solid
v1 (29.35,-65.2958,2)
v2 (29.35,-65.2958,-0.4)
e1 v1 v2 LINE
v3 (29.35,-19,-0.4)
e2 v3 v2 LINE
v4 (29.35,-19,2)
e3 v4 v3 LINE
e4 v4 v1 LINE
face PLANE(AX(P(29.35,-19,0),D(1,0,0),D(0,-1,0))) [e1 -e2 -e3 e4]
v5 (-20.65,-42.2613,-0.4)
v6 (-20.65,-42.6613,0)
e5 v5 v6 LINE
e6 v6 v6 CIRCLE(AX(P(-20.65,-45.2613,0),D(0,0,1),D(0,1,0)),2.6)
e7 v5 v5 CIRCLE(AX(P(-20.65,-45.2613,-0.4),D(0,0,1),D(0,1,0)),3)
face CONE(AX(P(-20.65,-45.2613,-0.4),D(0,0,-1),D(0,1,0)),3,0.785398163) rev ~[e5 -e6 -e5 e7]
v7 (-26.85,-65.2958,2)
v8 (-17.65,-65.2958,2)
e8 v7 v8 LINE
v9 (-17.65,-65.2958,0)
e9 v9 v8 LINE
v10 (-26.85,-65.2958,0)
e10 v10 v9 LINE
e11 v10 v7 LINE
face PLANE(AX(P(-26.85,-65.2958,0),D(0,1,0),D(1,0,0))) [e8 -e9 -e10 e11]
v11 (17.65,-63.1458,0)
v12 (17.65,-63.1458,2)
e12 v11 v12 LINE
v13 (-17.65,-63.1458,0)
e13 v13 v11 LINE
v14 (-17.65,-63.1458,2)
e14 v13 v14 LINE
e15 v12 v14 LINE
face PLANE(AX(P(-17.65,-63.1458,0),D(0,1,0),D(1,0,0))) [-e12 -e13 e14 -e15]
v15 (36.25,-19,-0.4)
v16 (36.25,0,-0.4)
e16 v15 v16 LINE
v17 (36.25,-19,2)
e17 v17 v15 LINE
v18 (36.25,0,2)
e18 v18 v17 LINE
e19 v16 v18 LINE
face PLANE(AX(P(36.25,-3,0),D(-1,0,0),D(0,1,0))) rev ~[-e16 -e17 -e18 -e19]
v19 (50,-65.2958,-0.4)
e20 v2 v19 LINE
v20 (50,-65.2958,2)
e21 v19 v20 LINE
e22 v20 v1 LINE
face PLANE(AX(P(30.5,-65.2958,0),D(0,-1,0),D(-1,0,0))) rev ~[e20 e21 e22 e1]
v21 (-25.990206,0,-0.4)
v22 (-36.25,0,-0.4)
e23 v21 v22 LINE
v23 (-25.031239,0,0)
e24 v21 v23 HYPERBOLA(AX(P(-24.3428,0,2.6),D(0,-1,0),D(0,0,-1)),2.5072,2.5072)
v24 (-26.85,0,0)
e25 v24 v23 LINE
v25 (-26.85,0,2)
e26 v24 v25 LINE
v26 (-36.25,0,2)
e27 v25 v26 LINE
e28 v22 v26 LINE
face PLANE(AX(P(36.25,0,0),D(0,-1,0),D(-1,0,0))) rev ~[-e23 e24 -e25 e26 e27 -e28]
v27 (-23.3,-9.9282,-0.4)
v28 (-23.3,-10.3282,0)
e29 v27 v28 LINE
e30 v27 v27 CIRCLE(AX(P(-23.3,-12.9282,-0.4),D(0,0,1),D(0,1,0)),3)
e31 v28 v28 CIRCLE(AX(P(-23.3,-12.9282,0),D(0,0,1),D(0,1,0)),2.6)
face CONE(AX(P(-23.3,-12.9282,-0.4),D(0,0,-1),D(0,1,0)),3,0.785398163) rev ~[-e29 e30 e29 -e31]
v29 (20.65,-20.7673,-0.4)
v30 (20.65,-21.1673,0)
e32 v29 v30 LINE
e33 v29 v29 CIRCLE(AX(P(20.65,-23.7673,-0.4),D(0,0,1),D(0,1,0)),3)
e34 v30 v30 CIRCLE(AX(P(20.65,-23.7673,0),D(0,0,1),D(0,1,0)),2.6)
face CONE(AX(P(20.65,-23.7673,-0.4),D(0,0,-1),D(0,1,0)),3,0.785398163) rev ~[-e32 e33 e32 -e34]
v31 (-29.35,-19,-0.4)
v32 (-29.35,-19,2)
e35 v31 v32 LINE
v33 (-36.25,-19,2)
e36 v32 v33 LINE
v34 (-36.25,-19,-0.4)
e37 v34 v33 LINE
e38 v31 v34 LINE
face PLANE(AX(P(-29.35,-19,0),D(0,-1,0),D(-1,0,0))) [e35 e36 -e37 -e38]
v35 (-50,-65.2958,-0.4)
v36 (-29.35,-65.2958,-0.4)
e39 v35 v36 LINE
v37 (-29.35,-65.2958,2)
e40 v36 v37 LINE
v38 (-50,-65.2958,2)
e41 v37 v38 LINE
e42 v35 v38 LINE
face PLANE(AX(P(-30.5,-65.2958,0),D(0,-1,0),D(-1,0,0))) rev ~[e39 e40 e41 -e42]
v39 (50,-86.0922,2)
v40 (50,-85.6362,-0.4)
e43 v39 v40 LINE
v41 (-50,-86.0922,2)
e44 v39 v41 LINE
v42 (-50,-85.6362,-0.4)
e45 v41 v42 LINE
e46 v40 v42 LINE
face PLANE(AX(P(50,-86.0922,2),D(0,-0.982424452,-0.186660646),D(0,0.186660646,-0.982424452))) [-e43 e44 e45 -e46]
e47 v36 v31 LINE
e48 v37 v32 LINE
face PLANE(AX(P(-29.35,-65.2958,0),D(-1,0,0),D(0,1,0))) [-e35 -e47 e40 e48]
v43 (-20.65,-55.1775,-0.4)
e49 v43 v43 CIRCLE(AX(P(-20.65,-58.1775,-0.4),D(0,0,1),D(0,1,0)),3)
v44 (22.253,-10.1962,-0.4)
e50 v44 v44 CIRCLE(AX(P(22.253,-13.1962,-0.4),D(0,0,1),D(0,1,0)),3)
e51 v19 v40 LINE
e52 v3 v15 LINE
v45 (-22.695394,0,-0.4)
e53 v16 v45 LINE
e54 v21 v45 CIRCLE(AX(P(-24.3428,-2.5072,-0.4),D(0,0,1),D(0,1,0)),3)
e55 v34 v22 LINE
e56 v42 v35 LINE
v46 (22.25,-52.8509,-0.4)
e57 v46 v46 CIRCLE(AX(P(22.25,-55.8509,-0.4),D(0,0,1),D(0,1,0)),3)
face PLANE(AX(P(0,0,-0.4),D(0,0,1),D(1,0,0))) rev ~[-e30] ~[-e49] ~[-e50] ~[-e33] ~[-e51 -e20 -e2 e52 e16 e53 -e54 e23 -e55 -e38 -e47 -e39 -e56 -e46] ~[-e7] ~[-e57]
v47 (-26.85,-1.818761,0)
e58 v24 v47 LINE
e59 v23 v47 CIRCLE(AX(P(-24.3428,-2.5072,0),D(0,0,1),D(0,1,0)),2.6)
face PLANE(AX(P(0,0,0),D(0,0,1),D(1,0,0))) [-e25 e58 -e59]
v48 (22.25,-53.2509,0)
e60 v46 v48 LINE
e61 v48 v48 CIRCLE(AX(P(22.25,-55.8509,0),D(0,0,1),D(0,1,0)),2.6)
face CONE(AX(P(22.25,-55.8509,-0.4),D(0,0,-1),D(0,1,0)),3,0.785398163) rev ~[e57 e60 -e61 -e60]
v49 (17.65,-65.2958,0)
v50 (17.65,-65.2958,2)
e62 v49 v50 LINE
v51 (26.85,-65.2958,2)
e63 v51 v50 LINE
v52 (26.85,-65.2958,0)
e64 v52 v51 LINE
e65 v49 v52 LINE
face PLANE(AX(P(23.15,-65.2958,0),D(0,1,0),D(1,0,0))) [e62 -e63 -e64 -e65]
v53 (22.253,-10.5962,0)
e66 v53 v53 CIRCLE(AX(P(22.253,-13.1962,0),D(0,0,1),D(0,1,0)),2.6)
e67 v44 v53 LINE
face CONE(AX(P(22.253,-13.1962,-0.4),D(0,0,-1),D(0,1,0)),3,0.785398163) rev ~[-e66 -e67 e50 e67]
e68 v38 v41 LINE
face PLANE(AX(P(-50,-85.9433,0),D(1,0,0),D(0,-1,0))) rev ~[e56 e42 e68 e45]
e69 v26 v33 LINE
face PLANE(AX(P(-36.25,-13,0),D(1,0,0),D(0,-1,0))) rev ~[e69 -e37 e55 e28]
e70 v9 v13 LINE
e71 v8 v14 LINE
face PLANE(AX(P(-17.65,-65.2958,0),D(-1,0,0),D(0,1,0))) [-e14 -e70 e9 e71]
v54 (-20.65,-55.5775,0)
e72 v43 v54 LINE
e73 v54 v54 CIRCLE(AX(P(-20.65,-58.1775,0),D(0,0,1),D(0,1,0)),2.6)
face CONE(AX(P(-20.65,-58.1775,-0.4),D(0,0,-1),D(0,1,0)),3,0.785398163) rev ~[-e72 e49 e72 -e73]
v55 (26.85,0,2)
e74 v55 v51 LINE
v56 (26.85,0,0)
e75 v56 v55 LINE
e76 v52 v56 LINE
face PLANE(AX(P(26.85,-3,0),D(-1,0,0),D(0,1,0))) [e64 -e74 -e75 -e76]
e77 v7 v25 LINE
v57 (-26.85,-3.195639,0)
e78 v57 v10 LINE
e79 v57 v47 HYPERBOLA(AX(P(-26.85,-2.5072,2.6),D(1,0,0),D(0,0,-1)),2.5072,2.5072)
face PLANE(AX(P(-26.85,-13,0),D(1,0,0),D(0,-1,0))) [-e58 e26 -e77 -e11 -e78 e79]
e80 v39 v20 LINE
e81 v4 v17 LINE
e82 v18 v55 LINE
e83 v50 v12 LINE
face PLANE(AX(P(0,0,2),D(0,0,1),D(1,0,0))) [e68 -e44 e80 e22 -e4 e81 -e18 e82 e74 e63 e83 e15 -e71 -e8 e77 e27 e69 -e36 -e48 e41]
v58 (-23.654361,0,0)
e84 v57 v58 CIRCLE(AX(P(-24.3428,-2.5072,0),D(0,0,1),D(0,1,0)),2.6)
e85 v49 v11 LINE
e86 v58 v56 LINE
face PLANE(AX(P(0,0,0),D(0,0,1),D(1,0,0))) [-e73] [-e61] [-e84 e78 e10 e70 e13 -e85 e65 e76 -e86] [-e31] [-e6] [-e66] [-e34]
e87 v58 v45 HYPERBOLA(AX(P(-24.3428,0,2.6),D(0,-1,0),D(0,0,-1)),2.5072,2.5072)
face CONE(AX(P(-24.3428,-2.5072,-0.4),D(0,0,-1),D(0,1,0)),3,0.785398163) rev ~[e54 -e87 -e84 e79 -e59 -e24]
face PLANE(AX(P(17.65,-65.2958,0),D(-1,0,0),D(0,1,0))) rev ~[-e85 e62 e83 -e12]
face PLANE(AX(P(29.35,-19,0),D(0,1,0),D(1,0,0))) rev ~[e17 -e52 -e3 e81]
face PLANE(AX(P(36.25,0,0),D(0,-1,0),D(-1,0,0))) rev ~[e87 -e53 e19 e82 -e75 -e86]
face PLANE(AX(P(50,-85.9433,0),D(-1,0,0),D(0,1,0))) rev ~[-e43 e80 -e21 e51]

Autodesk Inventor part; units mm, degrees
ref_plane "YZ Plane" through (0, 0, 0) normal (1, 0, 0) x (0, 1, 0)
ref_plane "XZ Plane" through (0, 0, 0) normal (0, 1, 0) x (-1, 0, 0)
ref_plane "XY Plane" through (0, 0, 0) normal (0, 0, 1) x (1, 0, 0)
sketch "Sketch1" plane through (0, 0, 0) normal (0, 0, 1) x (1, 0, 0)
  line L0 (-14.25, -14.5) -> (13.65, -14.5)
  line L1 (-13.65, -55.2958) -> (14.25, -55.2958)
  line L2 (50, 0) -> (-50, 0)
  line L3 (-50, 0) -> (-50, -90)
  line L4 (-50, -90) -> (50, -90)
  line L5 (50, -90) -> (50, 0)
  line L6 (50, -86.2958) -> (-50, -86.2958)
  line L7 (14.65, -6.65) -> (-15.25, -6.65)
  line L8 (-15.25, -6.65) -> (-15.25, -22.35)
  line L9 (-15.25, -22.35) -> (14.65, -22.35)
  line L10 (14.65, -22.35) -> (14.65, -6.65)
  line L11 (15.25, -47.4458) -> (-14.65, -47.4458)
  line L12 (-14.65, -47.4458) -> (-14.65, -63.1458)
  line L13 (-14.65, -63.1458) -> (15.25, -63.1458)
  line L14 (15.25, -63.1458) -> (15.25, -47.4458)
  line L15 (30.5, -65.2958) -> (29.35, -65.2958)
  line L16 (-30.5, -65.2958) -> (-29.35, -65.2958)
  circle A0 centre (20.65, -24.0677) radius 2.25 projected
  circle A1 centre (22.6692, -56.1259) radius 2.25 projected
  circle A2 centre (22.25, -13.4966) radius 2.25 projected
  line L17 (19.75, -61.0677) -> (19.75, -50.9236) projected
  line L18 (19.75, -50.9236) -> (23.15, -50.9236) projected
  line L19 (23.15, -50.9236) -> (23.15, -46.7261) projected
  line L20 (19.75, -46.7261) -> (23.15, -46.7261) projected
  line L21 (19.75, -46.7261) -> (19.75, -44.8549) projected
  line L22 (19.75, -44.8549) -> (17.65, -44.8549) projected
  line L23 (17.65, 0) -> (17.65, -44.8549) projected
  line L24 (17.65, 0) -> (26.85, 0) projected
  line L25 (26.85, -65.2958) -> (26.85, 0) projected
  line L26 (23.15, -65.2958) -> (26.85, -65.2958) projected
  line L27 (23.15, -65.2958) -> (23.15, -61.0677) projected
  line L28 (19.75, -61.0677) -> (23.15, -61.0677) projected
  circle A3 centre (-24.3428, -2.5072) radius 2.25 projected
  circle A4 centre (-20.65, -57.8419) radius 2.25 projected
  circle A5 centre (-20.65, -44.9257) radius 2.25 projected
  circle A6 centre (-23.3, -12.9282) radius 2.25 projected
  line L29 (-26.85, 0) -> (-17.65, 0) projected
  line L30 (-17.65, -4.0591) -> (-17.65, 0) projected
  line L31 (-19.75, -4.0591) -> (-17.65, -4.0591) projected
  line L32 (-19.75, -4.7124) -> (-19.75, -4.0591) projected
  line L33 (-19.75, -4.7124) -> (-23.15, -4.7124) projected
  line L34 (-23.15, -4.7124) -> (-23.15, -8.7282) projected
  line L35 (-19.75, -8.7282) -> (-23.15, -8.7282) projected
  line L36 (-19.75, -18.8723) -> (-19.75, -8.7282) projected
  line L37 (-19.75, -18.8723) -> (-23.15, -18.8723) projected
  line L38 (-23.15, -18.8723) -> (-23.15, -23.0697) projected
  line L39 (-19.75, -23.0697) -> (-23.15, -23.0697) projected
  line L40 (-19.75, -24.9409) -> (-19.75, -23.0697) projected
  line L41 (-19.75, -24.9409) -> (-17.65, -24.9409) projected
  line L42 (-17.65, -65.2958) -> (-17.65, -24.9409) projected
  line L43 (-26.85, -65.2958) -> (-17.65, -65.2958) projected
  line L44 (-26.85, 0) -> (-26.85, -65.2958) projected
  line L45 (-17.65, -4.0591) -> (-17.65, -24.9409)
  line L46 (23.15, -65.2958) -> (17.65, -65.2958)
  line L47 (17.65, -65.2958) -> (17.65, -44.8549)
  line L48 (17.65, -6.65) -> (-17.65, -6.65)
  line L49 (-17.65, -63.1458) -> (17.65, -63.1458)
  line L50 (-26.85, -65.2958) -> (-26.85, -13) projected
  line L51 (-26.85, -65.2958) -> (-29.35, -65.2958) projected
  line L52 (-29.35, -65.2958) -> (-29.35, -19) projected
  line L53 (-29.35, -19) -> (-36.25, -19) projected
  line L54 (-36.25, -13) -> (-36.25, -19) projected
  line L55 (-26.85, -13) -> (-36.25, -13) projected
  line L56 (26.85, -13) -> (26.85, -65.2958) projected
  line L57 (26.85, -13) -> (36.25, -13) projected
  line L58 (36.25, -19) -> (36.25, -13) projected
  line L59 (29.35, -19) -> (36.25, -19) projected
  line L60 (29.35, -19) -> (29.35, -65.2958) projected
  line L61 (29.35, -65.2958) -> (26.85, -65.2958) projected
  line L62 (-26.85, -3) -> (-26.85, 0) projected
  line L63 (-26.85, -3) -> (-36.25, -3) projected
  line L64 (-36.25, 0) -> (-36.25, -3) projected
  line L65 (-26.85, 0) -> (-36.25, 0) projected
  line L66 (26.85, 0) -> (26.85, -3) projected
  line L67 (26.85, 0) -> (36.25, 0) projected
  line L68 (36.25, -3) -> (36.25, 0) projected
  line L69 (26.85, -3) -> (36.25, -3) projected
  arc A7 (26.85, -66.2958) -> (29.85, -69.2958) centre (29.85, -66.2958) ccw projected
  line L70 (26.85, -65.2958) -> (26.85, -66.2958) projected
  line L71 (26.85, -65.2958) -> (50, -65.2958) projected
  line L72 (50, -65.2958) -> (50, -85.9433) projected
  line L73 (34.5, -85.9433) -> (50, -85.9433) projected
  line L74 (34.5, -78.442) -> (34.5, -85.9433) projected
  line L75 (34.5, -78.442) -> (45.421, -78.442) projected
  arc A8 (45.421, -78.442) -> (46.8031, -78.442) centre (46.112, -80.4779) ccw projected
  line L76 (46.8031, -78.442) -> (49, -78.442) projected
  line L77 (49, -78.442) -> (49, -69.922) projected
  line L78 (49, -69.922) -> (46.525, -69.922) projected
  line L79 (46.525, -69.922) -> (32.6782, -69.3038) projected
  arc A9 (32.6782, -69.3038) -> (32.5, -69.2958) centre (32.5, -71.2958) ccw projected
  line L80 (32.5, -69.2958) -> (29.85, -69.2958) projected
  arc A10 (-29.85, -69.2958) -> (-26.85, -66.2958) centre (-29.85, -66.2958) ccw projected
  line L81 (-32.5, -69.2958) -> (-29.85, -69.2958) projected
  arc A11 (-32.5, -69.2958) -> (-32.6782, -69.3038) centre (-32.5, -71.2958) ccw projected
  line L82 (-32.6782, -69.3038) -> (-46.525, -69.922) projected
  line L83 (-46.525, -69.922) -> (-49, -69.922) projected
  line L84 (-49, -69.922) -> (-49, -78.442) projected
  line L85 (-49, -78.442) -> (-46.8031, -78.442) projected
  arc A12 (-46.8031, -78.442) -> (-45.421, -78.442) centre (-46.112, -80.4779) ccw projected
  line L86 (-45.421, -78.442) -> (-34.5, -78.442) projected
  line L87 (-34.5, -78.442) -> (-34.5, -85.9433) projected
  line L88 (-34.5, -85.9433) -> (-50, -85.9433) projected
  line L89 (-50, -65.2958) -> (-50, -85.9433) projected
  line L90 (-26.85, -65.2958) -> (-50, -65.2958) projected
  line L91 (-26.85, -65.2958) -> (-26.85, -66.2958) projected
  line L92 (36.25, 0) -> (36.25, -19)
  line L93 (-36.25, -19) -> (-36.25, 0)
  point P0 (0, 0)
  point P1 (26.95, 0)
  point P2 (-15.25, -6.65)
  dimension "d0" = 50
  dimension "d1" = 50
  dimension "d2" = 90
  dimension "d3" = 7.85
  dimension "d4" = 7.85
  dimension "d5" = 1
  dimension "d6" = 1
  dimension "d7" = 7.85
  dimension "d8" = 7.85
  dimension "d9" = 1
  dimension "d10" = 1
  dimension "d21" = 0
extrude "Extrusion4" add sketch "Sketch1" along normal blind 2 contours L68 L69 L25 L2 | L5 L73 L74 L75 A8 L76 L77 L78 L79 A9 L80 A7 L70 L61 L15 L71 | L92 L57 L25 L69 | L5 L6 L3 L88 L87 L86 A12 L85 L84 L83 L82 A11 L81 A10 L91 L43 L42 L49 L13 L47 L46 L26 L70 A7 L80 A9 L79 L78 L77 L76 A8 L75 L74 L73 | L58 L59 L60 L61 L25 L57 | L44 L63 L64 L2 | L3 L90 L16 L51 L91 A10 L81 A11 L82 L83 L84 L85 A12 L86 L87 L88 | L44 L55 L93 L63 | L44 L51 L52 L53 L54 L55
extrude "Extrusion5" add sketch "Sketch1" against normal blind 0.4 contours L68 L69 L25 L2 | L5 L73 L74 L75 A8 L76 L77 L78 L79 A9 L80 A7 L70 L61 L15 L71 | L25 L26 L27 L28 L17 L18 L19 L20 L21 L22 L23 L2 | L92 L57 L25 L69 | L5 L6 L3 L88 L87 L86 A12 L85 L84 L83 L82 A11 L81 A10 L91 L43 L42 L49 L13 L47 L46 L26 L70 A7 L80 A9 L79 L78 L77 L76 A8 L75 L74 L73 | L23 L48 L7 L45 L30 L2 | L58 L59 L60 L61 L25 L57 | L30 L31 L32 L33 L34 L35 L36 L37 L38 L39 L40 L41 L42 L43 L44 L2 | L23 L47 L49 L14 L11 L12 L42 L45 L48 L8 L9 L10 | L44 L63 L64 L2 | L45 L41 L40 L39 L38 L37 L36 L35 L34 L33 L32 L31 | L22 L21 L20 L19 L18 L17 L28 L27 L46 L47 | L10 L9 L8 L7 | L3 L90 L16 L51 L91 A10 L81 A11 L82 L83 L84 L85 A12 L86 L87 L88 | L44 L55 L93 L63 | L44 L51 L52 L53 L54 L55 | L13 L12 L11 L14 | A0 | A1 | A2 | A3 | A4 | A5 | A6
sketch "Sketch2" plane through (50, -86.2958, 2) normal (1, 0, 0) x (0, 0, -1)
  line L0 (2.2133, 0.4205) -> (-23.8, -4.5217) projected
  line L1 (-23.8, -4.5217) -> (-23.6133, -5.5042) projected
  line L2 (-23.6133, -5.5042) -> (2.4, -0.5619) projected
  line L3 (2.4, -0.5619) -> (2.2133, 0.4205) projected
  line L4 (0, -10.5619) -> (0, 0.2036)
  line L5 (0, 0.2036) -> (2.4, 0.6596)
  line L6 (2.4, 0.6596) -> (2.4, -10.5619)
  line L7 (2.4, -10.5619) -> (0, -10.5619)
  point P0 (2, 86.2958)
  dimension "d15" = 2.4
  dimension "d16" = 0.2
  dimension "d17" = 0
  dimension "d18" = 10
extrude "Extrusion3" cut sketch "Sketch2" against normal through all contours L3 L2 L4 L0 | L0 L4 L5 L6 L3 | L6 L7 L4 L2
sketch "Sketch3" plane through (0, 0, -0.4) normal (0, 0, -1) x (-1, 0, 0)
  circle A0 centre (24.3428, -2.5072) radius 1.5 projected
  circle A1 centre (23.3, -12.9282) radius 1.5 projected
  circle A2 centre (20.65, -58.1775) radius 1.5 projected
  circle A3 centre (20.65, -45.2613) radius 1.5 projected
  circle A4 centre (-20.65, -23.7673) radius 1.5 projected
  circle A5 centre (-22.25, -55.8509) radius 1.5 projected
  circle A6 centre (-22.253, -13.1962) radius 1.5 projected
  arc A7 (-26.256, -0.1) -> (-26.756, -0.6) centre (-26.256, -0.6) ccw projected
  line L0 (-26.756, -0.6) -> (-26.756, -64.6958) projected
  arc A8 (-26.756, -64.6958) -> (-26.256, -65.1958) centre (-26.256, -64.6958) ccw projected
  line L1 (-26.256, -65.1958) -> (-23.756, -65.1958) projected
  arc A9 (-23.756, -65.1958) -> (-23.256, -64.6958) centre (-23.756, -64.6958) ccw projected
  line L2 (-23.256, -64.6958) -> (-23.256, -61.4677) projected
  arc A10 (-22.756, -60.9677) -> (-23.256, -61.4677) centre (-22.756, -61.4677) ccw projected
  line L3 (-22.756, -60.9677) -> (-20.35, -60.9677) projected
  arc A11 (-20.35, -60.9677) -> (-19.85, -60.4677) centre (-20.35, -60.4677) ccw projected
  line L4 (-19.85, -60.4677) -> (-19.85, -51.8592) projected
  arc A12 (-19.85, -51.8592) -> (-20.35, -51.3592) centre (-20.35, -51.8592) ccw projected
  line L5 (-20.35, -51.3592) -> (-22.756, -51.3592) projected
  arc A13 (-23.256, -50.8592) -> (-22.756, -51.3592) centre (-22.756, -50.8592) ccw projected
  line L6 (-23.256, -50.8592) -> (-23.256, -41.5958) projected
  arc A14 (-22.756, -41.0958) -> (-23.256, -41.5958) centre (-22.756, -41.5958) ccw projected
  line L7 (-22.756, -41.0958) -> (-12.25, -41.0958) projected
  arc A15 (-11.75, -41.5958) -> (-12.25, -41.0958) centre (-12.25, -41.5958) ccw projected
  line L8 (-11.75, -41.5958) -> (-11.75, -43.0958) projected
  arc A16 (-11.75, -43.0958) -> (-11.25, -43.5958) centre (-11.25, -43.0958) ccw projected
  line L9 (-11.25, -43.5958) -> (11.25, -43.5958) projected
  arc A17 (11.25, -43.5958) -> (11.75, -43.0958) centre (11.25, -43.0958) ccw projected
  line L10 (11.75, -43.0958) -> (11.75, -41.5958) projected
  arc A18 (12.25, -41.0958) -> (11.75, -41.5958) centre (12.25, -41.5958) ccw projected
  line L11 (12.25, -41.0958) -> (17.25, -41.0958) projected
  arc A19 (17.75, -41.5958) -> (17.25, -41.0958) centre (17.25, -41.5958) ccw projected
  line L12 (17.75, -41.5958) -> (17.75, -64.6958) projected
  arc A20 (17.75, -64.6958) -> (18.25, -65.1958) centre (18.25, -64.6958) ccw projected
  line L13 (18.25, -65.1958) -> (26.25, -65.1958) projected
  arc A21 (26.25, -65.1958) -> (26.75, -64.6958) centre (26.25, -64.6958) ccw projected
  line L14 (26.75, -64.6958) -> (26.75, -0.6) projected
  arc A22 (26.75, -0.6) -> (26.25, -0.1) centre (26.25, -0.6) ccw projected
  line L15 (26.25, -0.1) -> (18.25, -0.1) projected
  arc A23 (18.25, -0.1) -> (17.75, -0.6) centre (18.25, -0.6) ccw projected
  line L16 (17.75, -0.6) -> (17.75, -3.1235) projected
  arc A24 (17.75, -3.1235) -> (18.25, -3.6235) centre (18.25, -3.1235) ccw projected
  line L17 (18.25, -3.6235) -> (22.75, -3.6235) projected
  arc A25 (23.25, -4.1235) -> (22.75, -3.6235) centre (22.75, -4.1235) ccw projected
  line L18 (23.25, -4.1235) -> (23.25, -8.3282) projected
  arc A26 (22.75, -8.8282) -> (23.25, -8.3282) centre (22.75, -8.3282) ccw projected
  line L19 (22.75, -8.8282) -> (20.35, -8.8282) projected
  arc A27 (20.35, -8.8282) -> (19.85, -9.3282) centre (20.35, -9.3282) ccw projected
  line L20 (19.85, -9.3282) -> (19.85, -17.9366) projected
  arc A28 (19.85, -17.9366) -> (20.35, -18.4366) centre (20.35, -17.9366) ccw projected
  line L21 (20.35, -18.4366) -> (22.75, -18.4366) projected
  arc A29 (23.25, -18.9366) -> (22.75, -18.4366) centre (22.75, -18.9366) ccw projected
  line L22 (23.25, -18.9366) -> (23.25, -28.2) projected
  arc A30 (22.75, -28.7) -> (23.25, -28.2) centre (22.75, -28.2) ccw projected
  line L23 (22.75, -28.7) -> (12.25, -28.7) projected
  arc A31 (11.75, -28.2) -> (12.25, -28.7) centre (12.25, -28.2) ccw projected
  line L24 (11.75, -28.2) -> (11.75, -26.7) projected
  arc A32 (11.75, -26.7) -> (11.25, -26.2) centre (11.25, -26.7) ccw projected
  line L25 (11.25, -26.2) -> (-17.25, -26.2) projected
  arc A33 (-17.75, -25.7) -> (-17.25, -26.2) centre (-17.25, -25.7) ccw projected
  line L26 (-17.75, -25.7) -> (-17.75, -0.6) projected
  arc A34 (-17.75, -0.6) -> (-18.25, -0.1) centre (-18.25, -0.6) ccw projected
  line L27 (-18.25, -0.1) -> (-26.256, -0.1) projected
  line L28 (-29.5, -65.8371) -> (-50, -65.8371) projected
  line L29 (-50, -65.8371) -> (-50, -86.3723) projected
  line L30 (-34.5, -86.3723) -> (-50, -86.3723) projected
  line L31 (-34.5, -78.883) -> (-34.5, -86.3723) projected
  line L32 (-34.5, -78.883) -> (-49, -78.883) projected
  line L33 (-49, -70.278) -> (-33.7527, -70.278) projected
  line L34 (-32.5, -69.8371) -> (-31.5, -69.8371) projected
  line L35 (29.5, -65.8371) -> (50, -65.8371) projected
  line L36 (33.7527, -70.278) -> (49, -70.278) projected
  line L37 (49, -78.883) -> (34.5, -78.883) projected
  circle A35 centre (-47.662, -81.0191) radius 2.15 projected
  circle A36 centre (-46.75, -81.383) radius 1.5 projected
  line L38 (34.5, -78.883) -> (34.5, -86.3723) projected
  line L39 (29.5, -67.8371) -> (29.5, -65.8371) projected
  arc A37 (29.5, -67.8371) -> (31.5, -69.8371) centre (31.5, -67.8371) ccw projected
  line L40 (32.5, -69.8371) -> (31.5, -69.8371) projected
  arc A38 (33.7527, -70.278) -> (32.5, -69.8371) centre (32.5, -71.8371) ccw projected
  arc A39 (-31.5, -69.8371) -> (-29.5, -67.8371) centre (-31.5, -67.8371) ccw projected
  line L41 (-29.5, -67.8371) -> (-29.5, -65.8371) projected
  arc A40 (-32.5, -69.8371) -> (-33.7527, -70.278) centre (-32.5, -71.8371) ccw projected
  line L42 (-49, -78.883) -> (-49, -70.278) projected
  line L43 (49, -70.278) -> (49, -78.883) projected
  line L44 (34.5, -86.3723) -> (50, -86.3723) projected
  line L45 (50, -65.8371) -> (50, -86.3723) projected
  circle A41 centre (46.75, -81.383) radius 1.5 projected
  point P0 (0, 0)
  point P1 (-49, -78.442)
  point P2 (-49, -78.292)
  point P3 (-50, -86.5495)
  point P4 (-34.5, -86.5495)
  point P5 (-50, -66.2871)
  point P6 (-34.5, -78.8554)
  point P7 (-49, -70.3354)
  point P8 (49, -78.2054)
  point P9 (49, -77.792)
  point P10 (36.05, -86.3723)
hole "Hole1" at (22.25, -55.8509, -0.4) at (20.65, -23.7673, -0.4) at (22.253, -13.1962, -0.4) at (-24.3428, -2.5072, -0.4) at (-23.3, -12.9282, -0.4) at (-20.65, -45.2613, -0.4) at (-20.65, -58.1775, -0.4) direction (0, 0, 1) diameter 3.4 depth 10 countersink diameter 6 countersink angle 90 clearance for "Countersunk Flat Head Screw ISO 2009/7046" size "M3" standard "ISO"
equation "\"d4\" = d3"
equation "\"d6\" = d5"
equation "\"d7\" = d3"
equation "\"d8\" = d3"
equation "\"d9\" = d5"
equation "\"d10\" = d5"
properties part number "Ceiling"
